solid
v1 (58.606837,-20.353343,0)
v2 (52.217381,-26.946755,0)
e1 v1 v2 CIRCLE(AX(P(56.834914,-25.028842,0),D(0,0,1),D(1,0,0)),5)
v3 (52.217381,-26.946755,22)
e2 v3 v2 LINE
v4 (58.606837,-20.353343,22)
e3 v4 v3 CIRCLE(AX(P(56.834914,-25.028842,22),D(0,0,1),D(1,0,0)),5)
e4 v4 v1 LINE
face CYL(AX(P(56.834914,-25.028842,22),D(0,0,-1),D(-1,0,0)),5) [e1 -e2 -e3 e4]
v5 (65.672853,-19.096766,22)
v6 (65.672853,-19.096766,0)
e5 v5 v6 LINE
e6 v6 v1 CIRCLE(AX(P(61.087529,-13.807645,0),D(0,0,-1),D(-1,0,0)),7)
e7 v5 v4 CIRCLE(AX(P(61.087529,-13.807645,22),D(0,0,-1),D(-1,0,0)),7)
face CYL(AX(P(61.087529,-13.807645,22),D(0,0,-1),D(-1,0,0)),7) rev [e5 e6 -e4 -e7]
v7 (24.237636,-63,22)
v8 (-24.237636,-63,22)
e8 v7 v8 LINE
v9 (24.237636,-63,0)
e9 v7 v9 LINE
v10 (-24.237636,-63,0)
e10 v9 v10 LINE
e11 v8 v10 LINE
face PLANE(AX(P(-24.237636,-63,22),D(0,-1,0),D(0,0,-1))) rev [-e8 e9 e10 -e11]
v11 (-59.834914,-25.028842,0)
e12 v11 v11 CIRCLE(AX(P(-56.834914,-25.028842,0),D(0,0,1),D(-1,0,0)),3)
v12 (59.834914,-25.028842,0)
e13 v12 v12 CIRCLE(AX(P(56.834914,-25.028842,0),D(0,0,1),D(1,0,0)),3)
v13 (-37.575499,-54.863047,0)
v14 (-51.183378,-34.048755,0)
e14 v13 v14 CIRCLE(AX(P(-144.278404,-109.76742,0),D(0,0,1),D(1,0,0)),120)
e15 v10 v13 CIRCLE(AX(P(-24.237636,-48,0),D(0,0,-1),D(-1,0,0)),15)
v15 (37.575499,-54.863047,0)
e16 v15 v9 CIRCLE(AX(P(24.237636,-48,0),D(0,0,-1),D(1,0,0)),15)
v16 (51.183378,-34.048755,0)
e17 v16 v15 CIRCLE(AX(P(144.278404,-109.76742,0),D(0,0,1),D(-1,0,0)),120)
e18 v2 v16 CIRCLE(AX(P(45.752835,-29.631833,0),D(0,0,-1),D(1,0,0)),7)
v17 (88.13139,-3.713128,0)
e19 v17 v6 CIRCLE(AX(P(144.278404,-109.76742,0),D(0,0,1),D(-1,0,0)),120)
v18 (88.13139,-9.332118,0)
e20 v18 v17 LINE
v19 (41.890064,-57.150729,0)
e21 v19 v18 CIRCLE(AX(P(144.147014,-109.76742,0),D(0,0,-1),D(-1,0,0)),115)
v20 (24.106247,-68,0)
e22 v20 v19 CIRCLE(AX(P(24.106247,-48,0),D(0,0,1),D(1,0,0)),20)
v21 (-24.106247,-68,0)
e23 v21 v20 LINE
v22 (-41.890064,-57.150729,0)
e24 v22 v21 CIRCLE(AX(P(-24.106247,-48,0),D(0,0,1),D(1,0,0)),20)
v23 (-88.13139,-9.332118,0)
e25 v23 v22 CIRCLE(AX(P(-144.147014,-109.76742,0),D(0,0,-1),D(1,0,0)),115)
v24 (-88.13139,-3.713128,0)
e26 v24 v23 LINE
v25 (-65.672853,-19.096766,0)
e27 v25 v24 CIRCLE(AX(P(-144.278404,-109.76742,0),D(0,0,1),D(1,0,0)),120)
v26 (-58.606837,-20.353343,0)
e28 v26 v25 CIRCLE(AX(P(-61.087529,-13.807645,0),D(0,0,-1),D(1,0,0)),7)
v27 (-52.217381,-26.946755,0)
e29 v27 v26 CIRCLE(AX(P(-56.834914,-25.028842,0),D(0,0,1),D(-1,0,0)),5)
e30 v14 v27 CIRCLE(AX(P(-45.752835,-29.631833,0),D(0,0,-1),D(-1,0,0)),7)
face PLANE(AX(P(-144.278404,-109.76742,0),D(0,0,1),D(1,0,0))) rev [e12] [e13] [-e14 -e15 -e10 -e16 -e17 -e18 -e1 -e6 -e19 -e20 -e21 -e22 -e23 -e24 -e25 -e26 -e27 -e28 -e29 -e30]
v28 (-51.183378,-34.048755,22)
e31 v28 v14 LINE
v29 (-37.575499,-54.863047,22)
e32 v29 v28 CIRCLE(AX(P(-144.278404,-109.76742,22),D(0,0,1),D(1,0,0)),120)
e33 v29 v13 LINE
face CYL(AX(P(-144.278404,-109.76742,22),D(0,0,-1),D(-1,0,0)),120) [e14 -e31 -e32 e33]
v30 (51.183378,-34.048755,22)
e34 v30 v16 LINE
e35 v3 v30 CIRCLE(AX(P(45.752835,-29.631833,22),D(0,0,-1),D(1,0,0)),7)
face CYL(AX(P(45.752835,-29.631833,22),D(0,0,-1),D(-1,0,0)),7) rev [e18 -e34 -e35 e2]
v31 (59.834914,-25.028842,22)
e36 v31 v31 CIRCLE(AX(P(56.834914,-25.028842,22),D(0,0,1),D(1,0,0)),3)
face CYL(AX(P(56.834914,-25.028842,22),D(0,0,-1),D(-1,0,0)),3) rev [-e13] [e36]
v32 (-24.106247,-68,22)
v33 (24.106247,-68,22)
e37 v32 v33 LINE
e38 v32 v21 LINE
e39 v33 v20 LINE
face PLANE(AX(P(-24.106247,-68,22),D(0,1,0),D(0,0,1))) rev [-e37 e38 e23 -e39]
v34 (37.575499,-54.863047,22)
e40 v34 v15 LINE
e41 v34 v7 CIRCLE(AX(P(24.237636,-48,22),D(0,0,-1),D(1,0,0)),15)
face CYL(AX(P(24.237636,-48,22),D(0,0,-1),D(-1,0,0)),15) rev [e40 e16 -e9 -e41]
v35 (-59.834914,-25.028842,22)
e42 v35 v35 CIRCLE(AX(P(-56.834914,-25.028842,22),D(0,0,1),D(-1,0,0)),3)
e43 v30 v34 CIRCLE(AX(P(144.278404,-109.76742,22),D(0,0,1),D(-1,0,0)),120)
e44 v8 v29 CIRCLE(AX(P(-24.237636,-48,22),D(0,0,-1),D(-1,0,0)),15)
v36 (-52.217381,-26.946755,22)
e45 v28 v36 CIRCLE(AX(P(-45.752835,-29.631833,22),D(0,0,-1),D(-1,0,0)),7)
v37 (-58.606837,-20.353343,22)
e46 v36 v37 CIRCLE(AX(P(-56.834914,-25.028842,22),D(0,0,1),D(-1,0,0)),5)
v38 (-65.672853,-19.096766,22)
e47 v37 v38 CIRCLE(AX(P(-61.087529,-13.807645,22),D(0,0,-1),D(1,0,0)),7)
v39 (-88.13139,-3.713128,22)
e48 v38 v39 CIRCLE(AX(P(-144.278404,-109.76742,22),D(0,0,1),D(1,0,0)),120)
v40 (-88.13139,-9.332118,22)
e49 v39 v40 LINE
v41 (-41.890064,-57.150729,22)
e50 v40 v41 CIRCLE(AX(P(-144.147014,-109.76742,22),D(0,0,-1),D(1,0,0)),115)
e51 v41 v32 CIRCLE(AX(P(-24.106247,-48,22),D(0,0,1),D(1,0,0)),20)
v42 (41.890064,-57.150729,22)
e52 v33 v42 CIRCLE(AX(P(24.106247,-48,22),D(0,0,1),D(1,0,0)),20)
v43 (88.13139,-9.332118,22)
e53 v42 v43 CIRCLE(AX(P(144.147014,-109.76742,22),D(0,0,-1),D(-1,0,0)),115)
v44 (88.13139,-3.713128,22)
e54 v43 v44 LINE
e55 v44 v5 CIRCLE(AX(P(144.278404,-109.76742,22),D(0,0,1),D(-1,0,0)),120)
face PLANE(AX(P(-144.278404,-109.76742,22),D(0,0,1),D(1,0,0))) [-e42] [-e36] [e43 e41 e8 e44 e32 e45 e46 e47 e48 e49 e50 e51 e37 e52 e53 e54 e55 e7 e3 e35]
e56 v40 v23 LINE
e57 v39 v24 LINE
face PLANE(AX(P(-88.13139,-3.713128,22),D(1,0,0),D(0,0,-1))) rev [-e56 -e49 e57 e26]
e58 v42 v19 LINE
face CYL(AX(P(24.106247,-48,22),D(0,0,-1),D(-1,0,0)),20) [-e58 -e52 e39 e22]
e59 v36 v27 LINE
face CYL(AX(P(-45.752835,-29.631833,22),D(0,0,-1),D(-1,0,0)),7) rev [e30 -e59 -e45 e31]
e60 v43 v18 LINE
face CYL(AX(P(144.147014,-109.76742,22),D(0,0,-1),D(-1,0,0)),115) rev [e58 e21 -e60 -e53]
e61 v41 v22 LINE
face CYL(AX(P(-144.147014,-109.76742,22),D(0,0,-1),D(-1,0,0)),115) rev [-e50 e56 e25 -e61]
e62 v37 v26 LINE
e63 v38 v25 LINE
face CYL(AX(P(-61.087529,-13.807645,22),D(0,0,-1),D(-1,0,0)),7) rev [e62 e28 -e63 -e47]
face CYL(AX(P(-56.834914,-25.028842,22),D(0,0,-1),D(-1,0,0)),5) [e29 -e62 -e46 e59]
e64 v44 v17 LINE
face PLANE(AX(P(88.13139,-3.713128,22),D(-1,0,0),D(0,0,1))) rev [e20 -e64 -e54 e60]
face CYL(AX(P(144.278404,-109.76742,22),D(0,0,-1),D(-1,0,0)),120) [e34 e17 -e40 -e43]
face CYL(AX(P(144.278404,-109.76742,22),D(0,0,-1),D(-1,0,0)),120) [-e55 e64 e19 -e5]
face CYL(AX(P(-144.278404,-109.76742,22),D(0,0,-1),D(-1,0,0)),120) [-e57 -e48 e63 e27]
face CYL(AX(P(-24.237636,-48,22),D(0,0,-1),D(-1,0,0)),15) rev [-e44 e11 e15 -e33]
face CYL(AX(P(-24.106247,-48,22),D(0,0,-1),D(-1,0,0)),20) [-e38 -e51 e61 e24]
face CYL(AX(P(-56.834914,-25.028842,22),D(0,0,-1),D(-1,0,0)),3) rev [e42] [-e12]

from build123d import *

# Parameters (mm, degrees)
ESBO_O1_R                = 3
RESSALTO_EXTRUS_O1_DEPTH = 22


with BuildPart() as part:
    # Esboço1 → Ressalto-extrusão1 (new body)
    with BuildSketch(Plane.XY):
        with BuildLine():
            Line((-88.131389681, -3.713128135), (-88.131389681, -9.332118261))
            ThreePointArc((-88.131389681, -9.332118261), (-61.477752384, -29.824983348), (-41.890064111, -57.150728877))
            ThreePointArc((-41.890064111, -57.150728877), (-34.522230169, -65.073584532), (-24.106246719, -68))
            Line((-24.106246719, -68), (24.106246719, -68))
            ThreePointArc((24.106246719, -68), (34.522230169, -65.073584532), (41.890064111, -57.150728877))
            ThreePointArc((41.890064111, -57.150728877), (61.477752384, -29.824983348), (88.131389681, -9.332118261))
            Line((88.131389681, -9.332118261), (88.131389681, -3.713128135))
            ThreePointArc((88.131389681, -3.713128135), (76.464485554, -10.766043703), (65.672853174, -19.096766389))
            ThreePointArc((65.672853174, -19.096766389), (62.313137169, -20.69951591), (58.606836852, -20.353343104))
            ThreePointArc((58.606836852, -20.353343104), (53.244280911, -21.549279065), (52.217380785, -26.94675488))
            ThreePointArc((52.217380785, -26.94675488), (52.679803055, -30.640352489), (51.183377998, -34.048755298))
            ThreePointArc((51.183377998, -34.048755298), (50.828817615, -34.48677936), (50.476318173, -34.926463665))
            ThreePointArc((50.476318173, -34.926463665), (43.531544854, -44.57485582), (37.575499443, -54.863046658))
            ThreePointArc((37.575499443, -54.863046658), (32.049623987, -60.805188399), (24.2376364, -63))
            Line((24.2376364, -63), (-24.2376364, -63))
            ThreePointArc((-24.2376364, -63), (-32.049623987, -60.805188399), (-37.575499443, -54.863046658))
            ThreePointArc((-37.575499443, -54.863046658), (-43.531544854, -44.57485582), (-50.476318173, -34.926463665))
            ThreePointArc((-50.476318173, -34.926463665), (-50.828817615, -34.48677936), (-51.183377998, -34.048755298))
            ThreePointArc((-51.183377998, -34.048755298), (-52.679803055, -30.640352489), (-52.217380785, -26.94675488))
            ThreePointArc((-52.217380785, -26.94675488), (-53.244280911, -21.549279065), (-58.606836852, -20.353343104))
            ThreePointArc((-58.606836852, -20.353343104), (-62.313137169, -20.69951591), (-65.672853174, -19.096766389))
            ThreePointArc((-65.672853174, -19.096766389), (-76.464485554, -10.766043703), (-88.131389681, -3.713128135))
        make_face()
        with Locations((-56.834913612, -25.028841797)):
            Circle(ESBO_O1_R, mode=Mode.SUBTRACT)
        with Locations((56.834913612, -25.028841797)):
            Circle(ESBO_O1_R, mode=Mode.SUBTRACT)
    extrude(amount=RESSALTO_EXTRUS_O1_DEPTH)


solid = part.part
